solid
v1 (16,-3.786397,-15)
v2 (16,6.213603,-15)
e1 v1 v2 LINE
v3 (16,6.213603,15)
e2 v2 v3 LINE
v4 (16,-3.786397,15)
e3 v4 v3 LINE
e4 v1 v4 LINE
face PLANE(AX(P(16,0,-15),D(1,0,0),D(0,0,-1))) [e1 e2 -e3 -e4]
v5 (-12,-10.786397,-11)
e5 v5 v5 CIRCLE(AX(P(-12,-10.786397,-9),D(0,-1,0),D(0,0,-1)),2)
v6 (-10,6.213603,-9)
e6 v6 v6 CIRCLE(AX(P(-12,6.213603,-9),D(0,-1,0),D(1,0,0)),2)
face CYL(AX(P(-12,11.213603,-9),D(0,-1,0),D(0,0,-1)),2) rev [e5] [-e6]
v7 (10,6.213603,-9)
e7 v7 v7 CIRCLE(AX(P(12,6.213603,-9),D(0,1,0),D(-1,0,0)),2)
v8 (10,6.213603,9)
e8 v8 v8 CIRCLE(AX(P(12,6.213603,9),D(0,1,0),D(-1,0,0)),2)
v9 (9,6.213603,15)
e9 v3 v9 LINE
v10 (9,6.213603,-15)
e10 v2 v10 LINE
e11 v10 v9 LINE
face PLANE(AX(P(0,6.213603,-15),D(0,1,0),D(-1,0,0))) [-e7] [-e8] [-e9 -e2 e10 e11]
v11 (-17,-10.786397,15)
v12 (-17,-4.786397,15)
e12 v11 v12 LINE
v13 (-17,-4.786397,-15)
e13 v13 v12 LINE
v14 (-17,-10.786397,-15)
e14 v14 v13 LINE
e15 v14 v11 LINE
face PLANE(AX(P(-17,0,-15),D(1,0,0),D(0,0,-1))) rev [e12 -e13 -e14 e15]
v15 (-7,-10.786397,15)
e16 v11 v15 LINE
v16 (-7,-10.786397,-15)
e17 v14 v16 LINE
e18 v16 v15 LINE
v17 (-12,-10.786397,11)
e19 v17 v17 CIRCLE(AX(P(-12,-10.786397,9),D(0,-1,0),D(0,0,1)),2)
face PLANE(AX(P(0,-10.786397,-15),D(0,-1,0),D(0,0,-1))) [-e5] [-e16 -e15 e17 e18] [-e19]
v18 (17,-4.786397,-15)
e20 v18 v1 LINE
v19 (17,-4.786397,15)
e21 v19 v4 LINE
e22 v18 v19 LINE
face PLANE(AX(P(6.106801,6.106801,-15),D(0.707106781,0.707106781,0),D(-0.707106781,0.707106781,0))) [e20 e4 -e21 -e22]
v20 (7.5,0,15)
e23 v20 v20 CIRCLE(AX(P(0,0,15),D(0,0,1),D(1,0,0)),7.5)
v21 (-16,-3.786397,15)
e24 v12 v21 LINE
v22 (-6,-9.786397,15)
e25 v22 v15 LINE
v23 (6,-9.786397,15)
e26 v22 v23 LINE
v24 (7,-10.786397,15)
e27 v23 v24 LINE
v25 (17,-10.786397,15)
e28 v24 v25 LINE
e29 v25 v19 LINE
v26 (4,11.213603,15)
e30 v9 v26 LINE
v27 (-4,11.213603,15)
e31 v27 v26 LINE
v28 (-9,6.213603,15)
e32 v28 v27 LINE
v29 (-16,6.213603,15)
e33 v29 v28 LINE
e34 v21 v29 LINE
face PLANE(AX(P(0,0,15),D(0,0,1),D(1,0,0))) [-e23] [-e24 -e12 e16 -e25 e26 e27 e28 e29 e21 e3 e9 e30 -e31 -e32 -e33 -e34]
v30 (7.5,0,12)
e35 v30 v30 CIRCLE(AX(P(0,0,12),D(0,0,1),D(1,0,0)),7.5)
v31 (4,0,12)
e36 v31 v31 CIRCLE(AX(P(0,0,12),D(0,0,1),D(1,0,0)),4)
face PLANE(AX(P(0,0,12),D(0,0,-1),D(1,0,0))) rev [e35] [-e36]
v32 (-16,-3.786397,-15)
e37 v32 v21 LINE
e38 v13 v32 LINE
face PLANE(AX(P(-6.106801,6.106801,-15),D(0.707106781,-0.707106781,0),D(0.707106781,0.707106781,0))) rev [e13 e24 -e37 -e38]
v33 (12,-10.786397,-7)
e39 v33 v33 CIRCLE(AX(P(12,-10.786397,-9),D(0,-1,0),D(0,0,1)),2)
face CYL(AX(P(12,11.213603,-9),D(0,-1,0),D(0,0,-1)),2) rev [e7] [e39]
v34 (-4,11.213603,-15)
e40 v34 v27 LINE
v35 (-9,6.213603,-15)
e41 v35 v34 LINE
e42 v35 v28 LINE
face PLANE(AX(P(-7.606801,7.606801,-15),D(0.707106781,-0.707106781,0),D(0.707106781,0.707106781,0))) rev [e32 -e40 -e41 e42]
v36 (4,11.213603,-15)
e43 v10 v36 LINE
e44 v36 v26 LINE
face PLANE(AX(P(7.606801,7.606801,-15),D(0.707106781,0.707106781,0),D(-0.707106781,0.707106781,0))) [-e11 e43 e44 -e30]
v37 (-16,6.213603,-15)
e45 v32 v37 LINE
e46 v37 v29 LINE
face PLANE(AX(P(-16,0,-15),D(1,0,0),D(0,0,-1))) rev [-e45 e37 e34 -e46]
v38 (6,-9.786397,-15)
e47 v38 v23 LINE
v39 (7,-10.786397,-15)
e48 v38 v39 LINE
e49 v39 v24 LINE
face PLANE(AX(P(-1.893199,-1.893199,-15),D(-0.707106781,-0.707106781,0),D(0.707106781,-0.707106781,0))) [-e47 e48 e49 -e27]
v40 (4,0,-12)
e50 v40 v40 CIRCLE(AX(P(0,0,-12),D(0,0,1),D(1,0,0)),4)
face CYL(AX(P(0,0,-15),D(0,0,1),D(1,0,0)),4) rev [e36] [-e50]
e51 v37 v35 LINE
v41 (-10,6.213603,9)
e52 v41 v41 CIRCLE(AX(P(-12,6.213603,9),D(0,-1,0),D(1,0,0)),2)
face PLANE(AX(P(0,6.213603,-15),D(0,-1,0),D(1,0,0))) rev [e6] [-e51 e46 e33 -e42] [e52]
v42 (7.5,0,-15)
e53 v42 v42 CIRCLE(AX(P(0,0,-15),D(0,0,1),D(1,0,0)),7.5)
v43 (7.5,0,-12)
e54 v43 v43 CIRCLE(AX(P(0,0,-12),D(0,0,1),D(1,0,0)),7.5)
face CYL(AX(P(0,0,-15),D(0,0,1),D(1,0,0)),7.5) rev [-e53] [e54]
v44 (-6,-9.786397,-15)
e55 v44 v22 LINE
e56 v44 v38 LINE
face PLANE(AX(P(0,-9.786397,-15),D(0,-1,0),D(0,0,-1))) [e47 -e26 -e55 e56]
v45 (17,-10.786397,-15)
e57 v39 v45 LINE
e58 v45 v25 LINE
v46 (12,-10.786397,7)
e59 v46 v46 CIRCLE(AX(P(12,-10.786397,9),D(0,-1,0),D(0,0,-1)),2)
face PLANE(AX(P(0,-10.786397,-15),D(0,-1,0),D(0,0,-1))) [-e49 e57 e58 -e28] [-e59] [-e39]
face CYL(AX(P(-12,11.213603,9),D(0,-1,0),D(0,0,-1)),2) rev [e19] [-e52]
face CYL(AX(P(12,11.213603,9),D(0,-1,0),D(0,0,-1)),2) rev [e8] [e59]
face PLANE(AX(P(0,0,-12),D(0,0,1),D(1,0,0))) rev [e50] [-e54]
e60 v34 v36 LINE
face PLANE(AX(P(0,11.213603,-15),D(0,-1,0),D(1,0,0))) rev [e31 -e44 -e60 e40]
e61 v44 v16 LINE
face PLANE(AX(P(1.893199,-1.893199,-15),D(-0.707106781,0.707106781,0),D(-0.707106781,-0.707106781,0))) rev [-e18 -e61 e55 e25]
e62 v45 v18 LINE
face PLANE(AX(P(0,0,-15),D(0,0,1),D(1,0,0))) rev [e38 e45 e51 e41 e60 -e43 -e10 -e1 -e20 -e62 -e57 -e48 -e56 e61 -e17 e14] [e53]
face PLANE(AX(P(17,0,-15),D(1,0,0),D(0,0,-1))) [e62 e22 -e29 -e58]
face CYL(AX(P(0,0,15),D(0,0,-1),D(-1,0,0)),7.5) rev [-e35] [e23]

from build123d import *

# Parameters (mm, degrees)
BOSS_EXTRUDE1_DEPTH      = 15
BOSS_EXTRUDE1_DEPTH_BACK = 15
CUT_EXTRUDE1_START       = -12
SKETCH2_R                = 7.5
CUT_EXTRUDE1_DEPTH       = 14.293178723
SKETCH3_R                = 4
CUT_EXTRUDE2_DEPTH       = 34.819297596
SKETCH4_R                = 2
CUT_EXTRUDE3_DEPTH       = 32.591137998


with BuildPart() as part:
    # Sketch1 → Boss-Extrude1 (new, two sides: drawn at the far end of the back side and taken through both)
    with BuildSketch(Plane.XY.offset(-BOSS_EXTRUDE1_DEPTH_BACK)):
        Polygon((7, -10.786397104), (17, -10.786397104), (17, -4.786397104), (16, -3.786397104), (16, 6.213602896), (9, 6.213602896), (4, 11.213602896), (-4, 11.213602896), (-9, 6.213602896), (-16, 6.213602896), (-16, -3.786397104), (-17, -4.786397104), (-17, -10.786397104), (-7, -10.786397104), (-6, -9.786397104), (6, -9.786397104), align=None)
    extrude(amount=BOSS_EXTRUDE1_DEPTH + BOSS_EXTRUDE1_DEPTH_BACK)

    # Sketch2 → Cut-Extrude1 (cut, through all)
    with BuildSketch(Plane.XY.offset(CUT_EXTRUDE1_START)):
        Circle(SKETCH2_R)
    cut_extrude1 = extrude(amount=-CUT_EXTRUDE1_DEPTH, mode=Mode.SUBTRACT)

    # Mirror1: Cut-Extrude1 across plane
    add(cut_extrude1.mirror(Plane.XY), mode=Mode.SUBTRACT)

    # Sketch3 → Cut-Extrude2 (cut, through all)
    with BuildSketch(Plane.XY.offset(12)):
        Circle(SKETCH3_R)
    extrude(amount=-CUT_EXTRUDE2_DEPTH, mode=Mode.SUBTRACT)

    # Sketch4 → Cut-Extrude3 (cut, through all)
    with BuildSketch(Plane.XZ.offset(10.786397104)):
        with Locations((12, 9)):
            Circle(SKETCH4_R)
        with Locations((-12, 9)):
            Circle(SKETCH4_R)
        with Locations((12, -9)):
            Circle(SKETCH4_R)
        with Locations((-12, -9)):
            Circle(SKETCH4_R)
    extrude(amount=-CUT_EXTRUDE3_DEPTH, mode=Mode.SUBTRACT)


solid = part.part
